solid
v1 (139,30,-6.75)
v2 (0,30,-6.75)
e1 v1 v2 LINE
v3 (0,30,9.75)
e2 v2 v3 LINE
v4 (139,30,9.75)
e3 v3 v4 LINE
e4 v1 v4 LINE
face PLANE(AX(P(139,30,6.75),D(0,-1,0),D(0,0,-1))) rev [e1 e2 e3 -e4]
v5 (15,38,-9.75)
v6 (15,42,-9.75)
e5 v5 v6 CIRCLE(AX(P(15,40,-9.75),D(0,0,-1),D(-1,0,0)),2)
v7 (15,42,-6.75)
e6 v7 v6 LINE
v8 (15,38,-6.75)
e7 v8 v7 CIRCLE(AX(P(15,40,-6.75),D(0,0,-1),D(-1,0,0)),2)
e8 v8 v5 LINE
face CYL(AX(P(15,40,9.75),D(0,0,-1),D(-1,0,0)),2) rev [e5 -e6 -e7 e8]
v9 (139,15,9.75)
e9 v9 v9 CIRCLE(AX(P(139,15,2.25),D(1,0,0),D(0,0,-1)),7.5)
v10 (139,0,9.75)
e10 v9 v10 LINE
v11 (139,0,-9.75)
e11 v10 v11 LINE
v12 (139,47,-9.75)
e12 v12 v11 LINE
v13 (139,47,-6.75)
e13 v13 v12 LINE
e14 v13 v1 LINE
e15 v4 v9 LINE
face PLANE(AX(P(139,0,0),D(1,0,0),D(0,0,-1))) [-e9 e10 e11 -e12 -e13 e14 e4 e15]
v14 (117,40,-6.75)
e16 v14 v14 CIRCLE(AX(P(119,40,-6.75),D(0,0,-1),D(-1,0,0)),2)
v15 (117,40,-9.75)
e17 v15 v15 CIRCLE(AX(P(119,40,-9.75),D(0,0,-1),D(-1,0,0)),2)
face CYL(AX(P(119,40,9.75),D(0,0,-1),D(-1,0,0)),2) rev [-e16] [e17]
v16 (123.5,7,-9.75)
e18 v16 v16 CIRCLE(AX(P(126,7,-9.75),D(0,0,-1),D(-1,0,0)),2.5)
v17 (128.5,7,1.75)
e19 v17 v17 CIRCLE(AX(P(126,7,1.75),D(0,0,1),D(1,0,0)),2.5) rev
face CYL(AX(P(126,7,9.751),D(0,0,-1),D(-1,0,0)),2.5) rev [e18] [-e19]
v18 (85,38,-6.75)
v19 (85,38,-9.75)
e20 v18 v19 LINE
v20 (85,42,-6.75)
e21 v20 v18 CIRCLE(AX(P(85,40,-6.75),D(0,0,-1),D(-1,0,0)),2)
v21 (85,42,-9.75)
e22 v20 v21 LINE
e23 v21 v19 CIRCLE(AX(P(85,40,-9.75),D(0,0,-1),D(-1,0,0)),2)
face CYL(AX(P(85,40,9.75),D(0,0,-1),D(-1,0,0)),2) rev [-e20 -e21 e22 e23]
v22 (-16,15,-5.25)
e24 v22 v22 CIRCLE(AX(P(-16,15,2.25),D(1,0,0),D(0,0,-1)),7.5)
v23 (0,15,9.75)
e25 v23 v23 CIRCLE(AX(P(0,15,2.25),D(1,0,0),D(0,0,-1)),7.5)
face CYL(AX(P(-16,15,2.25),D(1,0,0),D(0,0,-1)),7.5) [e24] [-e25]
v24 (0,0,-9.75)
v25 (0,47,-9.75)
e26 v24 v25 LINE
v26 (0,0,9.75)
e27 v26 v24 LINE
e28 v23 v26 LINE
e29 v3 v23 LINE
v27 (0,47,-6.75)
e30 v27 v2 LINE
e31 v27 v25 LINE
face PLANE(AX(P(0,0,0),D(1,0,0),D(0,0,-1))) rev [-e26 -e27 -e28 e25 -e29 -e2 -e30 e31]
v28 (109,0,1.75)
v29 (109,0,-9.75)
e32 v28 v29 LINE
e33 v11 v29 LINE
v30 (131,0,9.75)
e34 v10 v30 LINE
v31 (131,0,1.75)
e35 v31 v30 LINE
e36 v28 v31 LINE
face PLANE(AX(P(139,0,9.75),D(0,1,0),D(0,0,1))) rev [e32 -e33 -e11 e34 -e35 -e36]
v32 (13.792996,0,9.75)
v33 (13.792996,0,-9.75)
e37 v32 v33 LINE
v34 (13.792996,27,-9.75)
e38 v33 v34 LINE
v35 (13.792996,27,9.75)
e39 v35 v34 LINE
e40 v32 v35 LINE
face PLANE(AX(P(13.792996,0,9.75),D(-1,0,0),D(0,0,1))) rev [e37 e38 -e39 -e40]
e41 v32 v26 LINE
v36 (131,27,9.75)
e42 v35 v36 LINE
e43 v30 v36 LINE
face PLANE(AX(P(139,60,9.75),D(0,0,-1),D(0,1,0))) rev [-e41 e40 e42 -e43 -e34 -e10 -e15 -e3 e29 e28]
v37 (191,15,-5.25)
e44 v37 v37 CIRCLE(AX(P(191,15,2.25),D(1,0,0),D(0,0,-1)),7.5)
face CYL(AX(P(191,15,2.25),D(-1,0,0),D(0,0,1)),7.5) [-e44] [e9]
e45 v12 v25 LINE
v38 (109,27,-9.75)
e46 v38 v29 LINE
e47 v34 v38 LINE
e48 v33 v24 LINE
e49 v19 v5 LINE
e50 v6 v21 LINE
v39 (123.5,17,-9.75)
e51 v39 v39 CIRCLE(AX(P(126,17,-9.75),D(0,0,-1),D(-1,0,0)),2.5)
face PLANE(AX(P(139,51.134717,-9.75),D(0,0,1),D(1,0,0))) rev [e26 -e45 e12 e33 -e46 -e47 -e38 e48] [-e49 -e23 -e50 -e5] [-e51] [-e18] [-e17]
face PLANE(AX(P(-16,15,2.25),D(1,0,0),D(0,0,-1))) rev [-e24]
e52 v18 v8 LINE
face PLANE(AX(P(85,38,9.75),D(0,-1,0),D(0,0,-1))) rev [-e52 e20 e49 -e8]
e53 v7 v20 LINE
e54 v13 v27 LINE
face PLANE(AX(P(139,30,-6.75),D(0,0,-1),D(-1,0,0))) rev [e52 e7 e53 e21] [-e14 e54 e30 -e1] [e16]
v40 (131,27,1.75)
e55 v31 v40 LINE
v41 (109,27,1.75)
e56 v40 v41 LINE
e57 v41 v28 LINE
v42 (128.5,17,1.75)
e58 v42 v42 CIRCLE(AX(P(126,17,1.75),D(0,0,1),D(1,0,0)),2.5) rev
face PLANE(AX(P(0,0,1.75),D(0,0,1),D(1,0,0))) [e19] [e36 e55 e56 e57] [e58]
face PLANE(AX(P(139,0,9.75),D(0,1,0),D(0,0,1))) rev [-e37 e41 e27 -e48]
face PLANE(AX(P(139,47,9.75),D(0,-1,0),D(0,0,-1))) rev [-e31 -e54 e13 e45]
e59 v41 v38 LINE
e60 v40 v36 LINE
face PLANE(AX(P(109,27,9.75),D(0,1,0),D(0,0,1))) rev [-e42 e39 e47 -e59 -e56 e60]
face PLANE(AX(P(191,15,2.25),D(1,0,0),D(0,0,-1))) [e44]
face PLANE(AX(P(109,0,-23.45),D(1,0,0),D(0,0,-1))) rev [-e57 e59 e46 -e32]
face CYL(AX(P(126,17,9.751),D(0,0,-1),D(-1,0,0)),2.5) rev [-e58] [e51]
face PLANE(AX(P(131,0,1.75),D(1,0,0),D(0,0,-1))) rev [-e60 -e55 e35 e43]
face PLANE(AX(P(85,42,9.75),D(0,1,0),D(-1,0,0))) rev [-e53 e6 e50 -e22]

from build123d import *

# Parameters (mm, degrees)
BOSS_EXTRUDE1_DEPTH     = 139
SKETCH3_R               = 2
CUT_EXTRUDE1_DEPTH      = 153.647469681
SKETCH5_W               = 30
SKETCH5_H               = 60
BOSS_EXTRUDE2_DEPTH     = 13.7
SKETCH6_W               = 27.582278357
SKETCH6_H               = 4.25
SKETCH6_W_2             = 27.382278357
BOSS_EXTRUDE3_DEPTH     = 10
CUT_EXTRUDE3_DEPTH      = 132.062650228
CUT_EXTRUDE3_DEPTH_BACK = 132.062650228
SKETCH7_R               = 1
SKETCH4_R               = 7.5
BOSS_EXTRUDE4_DEPTH     = 52
BOSS_EXTRUDE5_START     = -155
SKETCH4_2_R             = 7.5
BOSS_EXTRUDE5_DEPTH     = 155
SKETCH8_W               = 30
SKETCH8_H               = 13.7
CUT_EXTRUDE4_DEPTH      = 18.85
SKETCH9_W               = 95.207004137
SKETCH9_H               = 27
CUT_EXTRUDE5_DEPTH      = 202.60032242
SKETCH10_W              = 139
SKETCH10_H              = 30
CUT_EXTRUDE6_DEPTH      = 16.5
CUT_EXTRUDE7_DEPTH      = 203.936541806
CUT_EXTRUDE7_DEPTH_BACK = 13.7
SKETCH11_W              = 30
SKETCH11_H              = 45.211643816
SKETCH12_W              = 139
SKETCH12_H              = 13
CUT_EXTRUDE8_DEPTH      = 202.149819786
CUT_EXTRUDE9_REACH      = 199.662
SKETCH13_R              = 2.5
SKETCH14_W              = 22
SKETCH14_H              = 27
CUT_EXTRUDE10_DEPTH     = 8


with BuildPart() as part:
    # Sketch2 → Boss-Extrude1 (new body)
    with BuildSketch(Plane(origin=(0, 0, 0), x_dir=(0, 0, -1), z_dir=(1, 0, 0))):
        Polygon((-6.75, 30), (6.75, 30), (6.75, 60), (9.75, 60), (9.75, 51.134717436), (9.75, 0), (-9.75, 0), (-9.75, 60), (-6.75, 60), align=None)
    extrude(amount=BOSS_EXTRUDE1_DEPTH)

    # Sketch3 → Cut-Extrude1 (cut, through all)
    with BuildSketch(Plane(origin=(0, 0, -9.75), x_dir=(-1, 0, 0), z_dir=(0, 0, -1))):
        with Locations((-119, 40)):
            Circle(SKETCH3_R)
        with BuildLine():
            Line((-85, 42), (-15, 42))
            ThreePointArc((-15, 42), (-13, 40), (-15, 38))
            Line((-15, 38), (-85, 38))
            ThreePointArc((-85, 38), (-87, 40), (-85, 42))
        make_face()
    extrude(amount=-CUT_EXTRUDE1_DEPTH, mode=Mode.SUBTRACT)

    # Sketch5 → Boss-Extrude2 (add)
    with BuildSketch(Plane(origin=(0, 0, -9.75), x_dir=(-1, 0, 0), z_dir=(0, 0, -1))):
        with Locations((-124, 30)):
            Rectangle(SKETCH5_W, SKETCH5_H)
    extrude(amount=BOSS_EXTRUDE2_DEPTH)

    # Sketch6 → Boss-Extrude3 (add)
    with BuildSketch(Plane(origin=(0, 0, -23.45), x_dir=(-1, 0, 0), z_dir=(0, 0, -1))):
        with Locations((-125.208860821, 20.975)):
            Rectangle(SKETCH6_W, SKETCH6_H)
        with Locations((-125.308860822, 48.775)):
            Rectangle(SKETCH6_W_2, SKETCH6_H)
    extrude(amount=BOSS_EXTRUDE3_DEPTH)

    # Sketch7 → Cut-Extrude3 (cut, two sides: drawn at the far end of the back side and taken through both)
    with BuildSketch(Plane.ZY.offset(-111.617721643).offset(-CUT_EXTRUDE3_DEPTH_BACK)):
        with Locations((-30.95, 48.78)):
            Circle(SKETCH7_R)
        with Locations((-30.95, 20.97)):
            Circle(SKETCH7_R)
    extrude(amount=CUT_EXTRUDE3_DEPTH + CUT_EXTRUDE3_DEPTH_BACK, mode=Mode.SUBTRACT)

    # Sketch4 → Boss-Extrude4 (add)
    with BuildSketch(Plane(origin=(139, 0, 0), x_dir=(0, 0, -1), z_dir=(1, 0, 0))):
        with Locations(Location((-2.25, 15, 0), (0, 0, 180))):
            Circle(SKETCH4_R)
    extrude(amount=BOSS_EXTRUDE4_DEPTH)

    # Sketch4<2> → Boss-Extrude5 (add)
    with BuildSketch(Plane(origin=(139, 0, 0), x_dir=(0, 0, -1), z_dir=(1, 0, 0)).offset(BOSS_EXTRUDE5_START)):
        with Locations(Location((-2.25, 15, 0), (0, 0, 180))):
            Circle(SKETCH4_2_R)
    extrude(amount=BOSS_EXTRUDE5_DEPTH)

    # Sketch8 → Cut-Extrude4 (cut)
    with BuildSketch(Plane.XZ):
        with Locations((124, -16.6)):
            Rectangle(SKETCH8_W, SKETCH8_H)
    extrude(amount=-CUT_EXTRUDE4_DEPTH, mode=Mode.SUBTRACT)

    # Sketch9 → Cut-Extrude5 (cut, through all)
    with BuildSketch(Plane(origin=(0, 0, -9.75), x_dir=(-1, 0, 0), z_dir=(0, 0, -1))):
        with Locations((-61.396497932, 13.5)):
            Rectangle(SKETCH9_W, SKETCH9_H)
    extrude(amount=-CUT_EXTRUDE5_DEPTH, mode=Mode.SUBTRACT)

    # Sketch10 → Cut-Extrude6 (cut)
    with BuildSketch(Plane.XY.offset(9.75)):
        with Locations((69.5, 45)):
            Rectangle(SKETCH10_W, SKETCH10_H)
    extrude(amount=-CUT_EXTRUDE6_DEPTH, mode=Mode.SUBTRACT)

    # Sketch11 → Cut-Extrude7 (cut, two sides: drawn at the far end of the back side and taken through both)
    with BuildSketch(Plane(origin=(0, 0, -23.45), x_dir=(-1, 0, 0), z_dir=(0, 0, -1)).offset(-CUT_EXTRUDE7_DEPTH_BACK)):
        with Locations((-124, 37.394178092)):
            Rectangle(SKETCH11_W, SKETCH11_H)
    extrude(amount=CUT_EXTRUDE7_DEPTH + CUT_EXTRUDE7_DEPTH_BACK, mode=Mode.SUBTRACT)

    # Sketch12 → Cut-Extrude8 (cut, through all)
    with BuildSketch(Plane(origin=(0, 0, -9.75), x_dir=(-1, 0, 0), z_dir=(0, 0, -1))):
        with Locations((-69.5, 53.5)):
            Rectangle(SKETCH12_W, SKETCH12_H)
    extrude(amount=-CUT_EXTRUDE8_DEPTH, mode=Mode.SUBTRACT)

    # Sketch13 → Cut-Extrude9 (cut, up to next)
    with BuildSketch(Plane(origin=(0, 0, -9.75), x_dir=(-1, 0, 0), z_dir=(0, 0, -1)), mode=Mode.PRIVATE) as cut_extrude9_sk1:
        with Locations((-126, 7)):
            Circle(SKETCH13_R)
    cut_extrude9_tool1 = extrude(cut_extrude9_sk1.sketch, amount=-CUT_EXTRUDE9_REACH, mode=Mode.PRIVATE) & part.part
    # Sketch13 → Cut-Extrude9 (cut, up to next)
    with BuildSketch(Plane(origin=(0, 0, -9.75), x_dir=(-1, 0, 0), z_dir=(0, 0, -1)), mode=Mode.PRIVATE) as cut_extrude9_sk2:
        with Locations((-126, 17)):
            Circle(SKETCH13_R)
    cut_extrude9_tool2 = extrude(cut_extrude9_sk2.sketch, amount=-CUT_EXTRUDE9_REACH, mode=Mode.PRIVATE) & part.part
    add(cut_extrude9_tool1.solids().sort_by_distance((126, 7, -9.75))[0], mode=Mode.SUBTRACT)
    add(cut_extrude9_tool2.solids().sort_by_distance((126, 17, -9.75))[0], mode=Mode.SUBTRACT)

    # Sketch14 → Cut-Extrude10 (cut)
    with BuildSketch(Plane.XY.offset(9.75)):
        with Locations((120, 13.5)):
            Rectangle(SKETCH14_W, SKETCH14_H)
    extrude(amount=-CUT_EXTRUDE10_DEPTH, mode=Mode.SUBTRACT)


solid = part.part
